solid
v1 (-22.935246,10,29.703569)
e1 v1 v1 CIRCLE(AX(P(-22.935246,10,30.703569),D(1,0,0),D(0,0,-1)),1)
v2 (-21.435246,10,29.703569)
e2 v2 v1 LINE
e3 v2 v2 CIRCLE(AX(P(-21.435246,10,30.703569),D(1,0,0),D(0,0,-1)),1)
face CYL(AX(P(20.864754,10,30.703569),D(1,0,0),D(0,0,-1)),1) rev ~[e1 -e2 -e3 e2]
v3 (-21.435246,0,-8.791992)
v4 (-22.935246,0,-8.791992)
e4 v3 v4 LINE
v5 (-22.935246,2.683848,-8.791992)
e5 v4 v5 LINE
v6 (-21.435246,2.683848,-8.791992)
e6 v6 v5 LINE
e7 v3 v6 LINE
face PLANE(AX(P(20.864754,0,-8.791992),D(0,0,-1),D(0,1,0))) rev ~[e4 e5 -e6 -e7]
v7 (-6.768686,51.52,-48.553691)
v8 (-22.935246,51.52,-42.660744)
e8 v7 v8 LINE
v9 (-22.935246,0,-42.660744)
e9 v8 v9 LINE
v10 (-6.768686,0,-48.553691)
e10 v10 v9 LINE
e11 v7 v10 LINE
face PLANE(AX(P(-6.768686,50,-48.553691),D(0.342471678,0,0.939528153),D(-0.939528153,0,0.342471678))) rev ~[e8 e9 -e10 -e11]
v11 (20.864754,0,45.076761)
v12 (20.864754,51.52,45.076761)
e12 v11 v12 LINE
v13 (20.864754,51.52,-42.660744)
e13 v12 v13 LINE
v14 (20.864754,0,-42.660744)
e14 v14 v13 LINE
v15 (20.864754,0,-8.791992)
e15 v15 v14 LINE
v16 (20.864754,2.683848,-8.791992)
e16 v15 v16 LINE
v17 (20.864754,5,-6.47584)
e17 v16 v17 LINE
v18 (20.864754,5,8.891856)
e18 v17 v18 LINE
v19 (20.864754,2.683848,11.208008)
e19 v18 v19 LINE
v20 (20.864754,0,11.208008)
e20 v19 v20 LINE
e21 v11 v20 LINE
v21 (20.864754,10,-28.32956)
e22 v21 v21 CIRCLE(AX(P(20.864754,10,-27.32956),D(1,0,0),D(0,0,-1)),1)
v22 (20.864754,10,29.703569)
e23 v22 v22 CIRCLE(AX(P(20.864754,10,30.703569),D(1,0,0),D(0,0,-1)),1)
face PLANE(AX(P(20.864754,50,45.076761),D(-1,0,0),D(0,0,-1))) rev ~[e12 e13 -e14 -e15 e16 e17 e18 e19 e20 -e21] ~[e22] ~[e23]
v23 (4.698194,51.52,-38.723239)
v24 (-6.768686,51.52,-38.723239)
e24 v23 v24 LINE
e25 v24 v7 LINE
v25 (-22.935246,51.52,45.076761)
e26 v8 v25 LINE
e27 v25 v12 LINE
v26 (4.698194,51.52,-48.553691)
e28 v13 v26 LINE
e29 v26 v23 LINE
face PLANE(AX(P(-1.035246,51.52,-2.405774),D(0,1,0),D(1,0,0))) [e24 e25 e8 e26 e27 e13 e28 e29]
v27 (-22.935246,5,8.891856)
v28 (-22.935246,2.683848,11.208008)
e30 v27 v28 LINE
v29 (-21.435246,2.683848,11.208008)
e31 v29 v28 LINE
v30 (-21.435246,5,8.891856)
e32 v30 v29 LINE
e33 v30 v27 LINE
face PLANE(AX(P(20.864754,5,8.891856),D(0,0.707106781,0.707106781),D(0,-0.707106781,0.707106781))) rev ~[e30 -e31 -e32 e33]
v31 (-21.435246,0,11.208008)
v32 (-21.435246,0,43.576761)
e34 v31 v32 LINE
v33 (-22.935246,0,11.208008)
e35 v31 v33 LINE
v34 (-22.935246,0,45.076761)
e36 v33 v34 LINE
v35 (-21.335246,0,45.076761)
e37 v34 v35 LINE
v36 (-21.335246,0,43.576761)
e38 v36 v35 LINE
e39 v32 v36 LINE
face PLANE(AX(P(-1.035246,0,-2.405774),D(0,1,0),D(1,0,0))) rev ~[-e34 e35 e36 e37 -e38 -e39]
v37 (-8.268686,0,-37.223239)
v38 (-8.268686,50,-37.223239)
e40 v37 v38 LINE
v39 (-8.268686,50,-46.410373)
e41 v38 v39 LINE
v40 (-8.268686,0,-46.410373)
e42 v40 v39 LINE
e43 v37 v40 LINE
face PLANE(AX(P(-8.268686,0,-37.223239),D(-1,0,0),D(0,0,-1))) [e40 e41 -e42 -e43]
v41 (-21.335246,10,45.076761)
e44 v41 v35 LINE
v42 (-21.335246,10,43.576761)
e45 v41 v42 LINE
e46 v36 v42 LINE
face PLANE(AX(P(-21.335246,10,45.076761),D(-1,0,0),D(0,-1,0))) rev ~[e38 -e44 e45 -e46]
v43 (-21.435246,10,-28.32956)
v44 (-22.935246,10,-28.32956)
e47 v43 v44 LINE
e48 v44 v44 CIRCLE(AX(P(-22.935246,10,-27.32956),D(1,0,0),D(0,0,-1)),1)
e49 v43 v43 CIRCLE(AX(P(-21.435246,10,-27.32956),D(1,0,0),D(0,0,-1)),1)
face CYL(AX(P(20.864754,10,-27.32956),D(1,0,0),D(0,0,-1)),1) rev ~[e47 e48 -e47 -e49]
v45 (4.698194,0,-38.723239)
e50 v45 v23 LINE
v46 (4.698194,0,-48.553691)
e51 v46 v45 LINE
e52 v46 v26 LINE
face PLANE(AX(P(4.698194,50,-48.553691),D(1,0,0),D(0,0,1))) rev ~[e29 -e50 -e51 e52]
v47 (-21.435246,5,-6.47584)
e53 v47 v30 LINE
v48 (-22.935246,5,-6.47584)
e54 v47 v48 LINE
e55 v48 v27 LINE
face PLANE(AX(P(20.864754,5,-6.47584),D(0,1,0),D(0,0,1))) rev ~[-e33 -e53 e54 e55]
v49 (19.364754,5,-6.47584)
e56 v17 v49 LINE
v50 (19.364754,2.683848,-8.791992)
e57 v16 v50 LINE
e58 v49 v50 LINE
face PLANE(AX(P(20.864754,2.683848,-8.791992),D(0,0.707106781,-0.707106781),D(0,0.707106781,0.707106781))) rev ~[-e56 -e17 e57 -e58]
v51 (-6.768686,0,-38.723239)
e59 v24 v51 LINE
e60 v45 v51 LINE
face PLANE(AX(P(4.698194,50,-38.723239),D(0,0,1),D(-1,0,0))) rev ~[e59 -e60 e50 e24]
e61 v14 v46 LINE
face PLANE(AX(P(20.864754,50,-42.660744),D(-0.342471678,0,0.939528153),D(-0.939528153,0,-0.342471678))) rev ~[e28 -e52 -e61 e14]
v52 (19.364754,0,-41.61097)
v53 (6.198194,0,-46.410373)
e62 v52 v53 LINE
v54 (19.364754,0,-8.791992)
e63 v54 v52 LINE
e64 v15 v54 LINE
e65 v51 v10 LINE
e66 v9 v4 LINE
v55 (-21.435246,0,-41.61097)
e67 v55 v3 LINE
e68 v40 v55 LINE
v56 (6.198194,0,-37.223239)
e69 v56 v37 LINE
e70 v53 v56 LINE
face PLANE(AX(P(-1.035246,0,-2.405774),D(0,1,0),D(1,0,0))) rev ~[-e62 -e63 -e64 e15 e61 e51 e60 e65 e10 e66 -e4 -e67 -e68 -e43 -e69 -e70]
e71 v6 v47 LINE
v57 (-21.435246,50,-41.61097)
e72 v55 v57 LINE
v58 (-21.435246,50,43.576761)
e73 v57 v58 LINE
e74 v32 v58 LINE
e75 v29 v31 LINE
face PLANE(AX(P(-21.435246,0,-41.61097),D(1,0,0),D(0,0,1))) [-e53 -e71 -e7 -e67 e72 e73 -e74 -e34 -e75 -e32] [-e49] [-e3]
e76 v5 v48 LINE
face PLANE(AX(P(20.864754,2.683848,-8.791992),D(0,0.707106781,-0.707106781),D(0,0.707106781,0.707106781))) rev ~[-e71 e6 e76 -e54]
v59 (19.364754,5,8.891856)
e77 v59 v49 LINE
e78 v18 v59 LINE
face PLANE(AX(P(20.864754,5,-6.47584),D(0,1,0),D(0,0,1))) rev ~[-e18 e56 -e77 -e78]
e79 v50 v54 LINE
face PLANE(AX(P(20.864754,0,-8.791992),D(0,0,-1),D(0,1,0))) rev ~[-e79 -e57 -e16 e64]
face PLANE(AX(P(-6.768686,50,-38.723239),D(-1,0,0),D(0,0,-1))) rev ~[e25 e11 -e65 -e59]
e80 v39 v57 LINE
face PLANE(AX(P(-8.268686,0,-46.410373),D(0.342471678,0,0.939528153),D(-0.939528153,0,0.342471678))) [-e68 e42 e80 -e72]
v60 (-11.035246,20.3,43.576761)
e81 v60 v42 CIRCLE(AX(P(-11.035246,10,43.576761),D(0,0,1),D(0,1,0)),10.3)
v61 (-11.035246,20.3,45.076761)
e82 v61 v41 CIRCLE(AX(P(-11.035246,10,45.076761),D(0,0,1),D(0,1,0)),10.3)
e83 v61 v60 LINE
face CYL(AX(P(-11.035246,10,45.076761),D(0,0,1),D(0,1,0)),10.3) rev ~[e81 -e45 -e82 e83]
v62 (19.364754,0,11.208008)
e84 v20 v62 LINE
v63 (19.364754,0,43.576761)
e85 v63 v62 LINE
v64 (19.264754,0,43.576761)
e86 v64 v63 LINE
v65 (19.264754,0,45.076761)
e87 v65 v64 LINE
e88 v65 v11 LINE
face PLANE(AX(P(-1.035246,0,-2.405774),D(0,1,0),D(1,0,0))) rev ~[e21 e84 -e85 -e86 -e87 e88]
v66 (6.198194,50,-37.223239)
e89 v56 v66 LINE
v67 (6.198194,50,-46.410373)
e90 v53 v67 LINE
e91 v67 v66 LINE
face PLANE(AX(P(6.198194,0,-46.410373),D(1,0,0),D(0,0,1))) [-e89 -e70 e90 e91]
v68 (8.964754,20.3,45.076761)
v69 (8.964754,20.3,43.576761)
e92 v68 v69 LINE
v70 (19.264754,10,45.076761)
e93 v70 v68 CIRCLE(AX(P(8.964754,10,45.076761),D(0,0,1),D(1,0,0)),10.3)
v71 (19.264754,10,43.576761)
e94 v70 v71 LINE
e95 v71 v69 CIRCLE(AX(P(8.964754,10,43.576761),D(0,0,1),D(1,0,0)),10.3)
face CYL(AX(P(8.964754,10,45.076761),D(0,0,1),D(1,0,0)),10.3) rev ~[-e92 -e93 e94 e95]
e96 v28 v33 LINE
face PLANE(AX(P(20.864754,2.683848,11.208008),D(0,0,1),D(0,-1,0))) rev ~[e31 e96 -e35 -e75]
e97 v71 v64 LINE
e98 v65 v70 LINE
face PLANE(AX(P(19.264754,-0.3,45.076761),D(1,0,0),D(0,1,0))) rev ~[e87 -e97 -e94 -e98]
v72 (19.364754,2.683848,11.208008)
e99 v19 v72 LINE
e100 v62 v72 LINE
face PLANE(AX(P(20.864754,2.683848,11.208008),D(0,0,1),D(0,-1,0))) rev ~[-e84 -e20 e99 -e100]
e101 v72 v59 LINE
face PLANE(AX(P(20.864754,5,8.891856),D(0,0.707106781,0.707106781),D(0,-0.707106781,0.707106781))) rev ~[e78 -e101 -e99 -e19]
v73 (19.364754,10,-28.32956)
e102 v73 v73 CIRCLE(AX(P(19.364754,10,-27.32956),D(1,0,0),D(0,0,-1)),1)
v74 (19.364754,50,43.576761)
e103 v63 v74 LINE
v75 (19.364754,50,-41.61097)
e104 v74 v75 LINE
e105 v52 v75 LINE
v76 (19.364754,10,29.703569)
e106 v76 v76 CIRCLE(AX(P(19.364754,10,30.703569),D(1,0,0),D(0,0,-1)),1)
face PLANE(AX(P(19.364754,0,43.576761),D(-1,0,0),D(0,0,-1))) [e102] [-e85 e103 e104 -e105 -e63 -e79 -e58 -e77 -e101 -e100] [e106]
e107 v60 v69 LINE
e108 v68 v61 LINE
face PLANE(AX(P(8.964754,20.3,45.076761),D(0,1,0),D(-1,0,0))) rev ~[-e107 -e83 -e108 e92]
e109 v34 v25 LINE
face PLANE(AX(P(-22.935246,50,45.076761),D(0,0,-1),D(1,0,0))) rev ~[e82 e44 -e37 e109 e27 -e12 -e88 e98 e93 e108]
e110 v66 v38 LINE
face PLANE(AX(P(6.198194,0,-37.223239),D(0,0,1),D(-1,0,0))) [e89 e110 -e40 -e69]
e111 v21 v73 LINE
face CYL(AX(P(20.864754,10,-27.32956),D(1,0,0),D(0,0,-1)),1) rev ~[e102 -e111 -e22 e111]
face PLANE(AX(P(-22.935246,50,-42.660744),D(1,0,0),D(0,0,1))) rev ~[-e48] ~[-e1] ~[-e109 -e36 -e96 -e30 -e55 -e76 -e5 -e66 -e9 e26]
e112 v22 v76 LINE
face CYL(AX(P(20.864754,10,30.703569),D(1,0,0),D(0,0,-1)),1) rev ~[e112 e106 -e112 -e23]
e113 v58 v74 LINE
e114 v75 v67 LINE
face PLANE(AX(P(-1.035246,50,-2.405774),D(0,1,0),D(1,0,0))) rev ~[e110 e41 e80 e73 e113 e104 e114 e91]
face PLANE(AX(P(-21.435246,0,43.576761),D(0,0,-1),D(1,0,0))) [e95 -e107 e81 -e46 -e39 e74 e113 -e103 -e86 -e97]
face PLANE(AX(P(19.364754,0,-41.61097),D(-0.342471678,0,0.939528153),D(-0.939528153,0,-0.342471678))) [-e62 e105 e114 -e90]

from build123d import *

# Parameters (mm, degrees)
BOSS_EXTRUDE1_DEPTH = 50
BOSS_EXTRUDE2_DEPTH = 1.52
CUT_EXTRUDE2_DEPTH  = 1.52
SKETCH4_R           = 1
CUT_EXTRUDE8_DEPTH  = 178.52
CUT_EXTRUDE9_DEPTH  = 178.52


with BuildPart() as part:
    # Sketch1 → Boss-Extrude1 (new body)
    with BuildSketch(Plane(origin=(0, 0, 0), x_dir=(1, 0, 0), z_dir=(0, 1, 0))):
        Polygon((-22.935245878, -45.076760645), (20.864754122, -45.076760645), (20.864754122, 42.660744493), (4.698193973, 48.553690828), (4.698193973, 38.723239355), (-6.768685729, 38.723239355), (-6.768685729, 48.553690828), (-22.935245878, 42.660744493), align=None)
        Polygon((-21.435245878, -43.576760645), (19.364754122, -43.576760645), (19.364754122, 41.610970221), (6.198193973, 46.410372917), (6.198193973, 37.223239355), (-8.268685729, 37.223239355), (-8.268685729, 46.410372917), (-21.435245878, 41.610970221), align=None, mode=Mode.SUBTRACT)
    extrude(amount=BOSS_EXTRUDE1_DEPTH)

    # Sketch2 → Boss-Extrude2 (add)
    with BuildSketch(Plane(origin=(0, 50, 0), x_dir=(1, 0, 0), z_dir=(0, 1, 0))):
        Polygon((-22.935245878, 42.660744493), (-22.935245878, -45.076760645), (20.864754122, -45.076760645), (20.864754122, 42.660744493), (4.698193973, 48.553690828), (4.698193973, 38.723239355), (-6.768685729, 38.723239355), (-6.768685729, 48.553690828), align=None)
    extrude(amount=BOSS_EXTRUDE2_DEPTH)

    # Sketch3 → Cut-Extrude2 (cut)
    with BuildSketch(Plane.XY.offset(45.076760645)):
        with BuildLine():
            Line((8.964754122, 20.3), (-11.035245878, 20.3))
            ThreePointArc((-11.035245878, 20.3), (-18.318445724, 17.283199846), (-21.335245878, 10))
            Line((-21.335245878, 10), (-21.335245878, -0.3))
            Line((-21.335245878, -0.3), (19.264754122, -0.3))
            Line((19.264754122, -0.3), (19.264754122, 10))
            ThreePointArc((19.264754122, 10), (16.247953968, 17.283199846), (8.964754122, 20.3))
        make_face()
    extrude(amount=-CUT_EXTRUDE2_DEPTH, mode=Mode.SUBTRACT)

    # Sketch4 → Cut-Extrude8 (cut)
    with BuildSketch(Plane(origin=(20.864754122, 0, 0), x_dir=(0, 0, -1), z_dir=(1, 0, 0))):
        with Locations((-30.703568725, 10)):
            Circle(SKETCH4_R)
        with Locations((27.32955957, 10)):
            Circle(SKETCH4_R)
    extrude(amount=-CUT_EXTRUDE8_DEPTH, mode=Mode.SUBTRACT)

    # Sketch5 → Cut-Extrude9 (cut)
    with BuildSketch(Plane(origin=(20.864754122, 0, 0), x_dir=(0, 0, -1), z_dir=(1, 0, 0))):
        Polygon((-11.208008076, 2.683848394), (-11.208008076, 0), (8.791991924, 0), (8.791991924, 2.683848394), (6.475840318, 5), (-8.89185647, 5), align=None)
    extrude(amount=-CUT_EXTRUDE9_DEPTH, mode=Mode.SUBTRACT)


solid = part.part
